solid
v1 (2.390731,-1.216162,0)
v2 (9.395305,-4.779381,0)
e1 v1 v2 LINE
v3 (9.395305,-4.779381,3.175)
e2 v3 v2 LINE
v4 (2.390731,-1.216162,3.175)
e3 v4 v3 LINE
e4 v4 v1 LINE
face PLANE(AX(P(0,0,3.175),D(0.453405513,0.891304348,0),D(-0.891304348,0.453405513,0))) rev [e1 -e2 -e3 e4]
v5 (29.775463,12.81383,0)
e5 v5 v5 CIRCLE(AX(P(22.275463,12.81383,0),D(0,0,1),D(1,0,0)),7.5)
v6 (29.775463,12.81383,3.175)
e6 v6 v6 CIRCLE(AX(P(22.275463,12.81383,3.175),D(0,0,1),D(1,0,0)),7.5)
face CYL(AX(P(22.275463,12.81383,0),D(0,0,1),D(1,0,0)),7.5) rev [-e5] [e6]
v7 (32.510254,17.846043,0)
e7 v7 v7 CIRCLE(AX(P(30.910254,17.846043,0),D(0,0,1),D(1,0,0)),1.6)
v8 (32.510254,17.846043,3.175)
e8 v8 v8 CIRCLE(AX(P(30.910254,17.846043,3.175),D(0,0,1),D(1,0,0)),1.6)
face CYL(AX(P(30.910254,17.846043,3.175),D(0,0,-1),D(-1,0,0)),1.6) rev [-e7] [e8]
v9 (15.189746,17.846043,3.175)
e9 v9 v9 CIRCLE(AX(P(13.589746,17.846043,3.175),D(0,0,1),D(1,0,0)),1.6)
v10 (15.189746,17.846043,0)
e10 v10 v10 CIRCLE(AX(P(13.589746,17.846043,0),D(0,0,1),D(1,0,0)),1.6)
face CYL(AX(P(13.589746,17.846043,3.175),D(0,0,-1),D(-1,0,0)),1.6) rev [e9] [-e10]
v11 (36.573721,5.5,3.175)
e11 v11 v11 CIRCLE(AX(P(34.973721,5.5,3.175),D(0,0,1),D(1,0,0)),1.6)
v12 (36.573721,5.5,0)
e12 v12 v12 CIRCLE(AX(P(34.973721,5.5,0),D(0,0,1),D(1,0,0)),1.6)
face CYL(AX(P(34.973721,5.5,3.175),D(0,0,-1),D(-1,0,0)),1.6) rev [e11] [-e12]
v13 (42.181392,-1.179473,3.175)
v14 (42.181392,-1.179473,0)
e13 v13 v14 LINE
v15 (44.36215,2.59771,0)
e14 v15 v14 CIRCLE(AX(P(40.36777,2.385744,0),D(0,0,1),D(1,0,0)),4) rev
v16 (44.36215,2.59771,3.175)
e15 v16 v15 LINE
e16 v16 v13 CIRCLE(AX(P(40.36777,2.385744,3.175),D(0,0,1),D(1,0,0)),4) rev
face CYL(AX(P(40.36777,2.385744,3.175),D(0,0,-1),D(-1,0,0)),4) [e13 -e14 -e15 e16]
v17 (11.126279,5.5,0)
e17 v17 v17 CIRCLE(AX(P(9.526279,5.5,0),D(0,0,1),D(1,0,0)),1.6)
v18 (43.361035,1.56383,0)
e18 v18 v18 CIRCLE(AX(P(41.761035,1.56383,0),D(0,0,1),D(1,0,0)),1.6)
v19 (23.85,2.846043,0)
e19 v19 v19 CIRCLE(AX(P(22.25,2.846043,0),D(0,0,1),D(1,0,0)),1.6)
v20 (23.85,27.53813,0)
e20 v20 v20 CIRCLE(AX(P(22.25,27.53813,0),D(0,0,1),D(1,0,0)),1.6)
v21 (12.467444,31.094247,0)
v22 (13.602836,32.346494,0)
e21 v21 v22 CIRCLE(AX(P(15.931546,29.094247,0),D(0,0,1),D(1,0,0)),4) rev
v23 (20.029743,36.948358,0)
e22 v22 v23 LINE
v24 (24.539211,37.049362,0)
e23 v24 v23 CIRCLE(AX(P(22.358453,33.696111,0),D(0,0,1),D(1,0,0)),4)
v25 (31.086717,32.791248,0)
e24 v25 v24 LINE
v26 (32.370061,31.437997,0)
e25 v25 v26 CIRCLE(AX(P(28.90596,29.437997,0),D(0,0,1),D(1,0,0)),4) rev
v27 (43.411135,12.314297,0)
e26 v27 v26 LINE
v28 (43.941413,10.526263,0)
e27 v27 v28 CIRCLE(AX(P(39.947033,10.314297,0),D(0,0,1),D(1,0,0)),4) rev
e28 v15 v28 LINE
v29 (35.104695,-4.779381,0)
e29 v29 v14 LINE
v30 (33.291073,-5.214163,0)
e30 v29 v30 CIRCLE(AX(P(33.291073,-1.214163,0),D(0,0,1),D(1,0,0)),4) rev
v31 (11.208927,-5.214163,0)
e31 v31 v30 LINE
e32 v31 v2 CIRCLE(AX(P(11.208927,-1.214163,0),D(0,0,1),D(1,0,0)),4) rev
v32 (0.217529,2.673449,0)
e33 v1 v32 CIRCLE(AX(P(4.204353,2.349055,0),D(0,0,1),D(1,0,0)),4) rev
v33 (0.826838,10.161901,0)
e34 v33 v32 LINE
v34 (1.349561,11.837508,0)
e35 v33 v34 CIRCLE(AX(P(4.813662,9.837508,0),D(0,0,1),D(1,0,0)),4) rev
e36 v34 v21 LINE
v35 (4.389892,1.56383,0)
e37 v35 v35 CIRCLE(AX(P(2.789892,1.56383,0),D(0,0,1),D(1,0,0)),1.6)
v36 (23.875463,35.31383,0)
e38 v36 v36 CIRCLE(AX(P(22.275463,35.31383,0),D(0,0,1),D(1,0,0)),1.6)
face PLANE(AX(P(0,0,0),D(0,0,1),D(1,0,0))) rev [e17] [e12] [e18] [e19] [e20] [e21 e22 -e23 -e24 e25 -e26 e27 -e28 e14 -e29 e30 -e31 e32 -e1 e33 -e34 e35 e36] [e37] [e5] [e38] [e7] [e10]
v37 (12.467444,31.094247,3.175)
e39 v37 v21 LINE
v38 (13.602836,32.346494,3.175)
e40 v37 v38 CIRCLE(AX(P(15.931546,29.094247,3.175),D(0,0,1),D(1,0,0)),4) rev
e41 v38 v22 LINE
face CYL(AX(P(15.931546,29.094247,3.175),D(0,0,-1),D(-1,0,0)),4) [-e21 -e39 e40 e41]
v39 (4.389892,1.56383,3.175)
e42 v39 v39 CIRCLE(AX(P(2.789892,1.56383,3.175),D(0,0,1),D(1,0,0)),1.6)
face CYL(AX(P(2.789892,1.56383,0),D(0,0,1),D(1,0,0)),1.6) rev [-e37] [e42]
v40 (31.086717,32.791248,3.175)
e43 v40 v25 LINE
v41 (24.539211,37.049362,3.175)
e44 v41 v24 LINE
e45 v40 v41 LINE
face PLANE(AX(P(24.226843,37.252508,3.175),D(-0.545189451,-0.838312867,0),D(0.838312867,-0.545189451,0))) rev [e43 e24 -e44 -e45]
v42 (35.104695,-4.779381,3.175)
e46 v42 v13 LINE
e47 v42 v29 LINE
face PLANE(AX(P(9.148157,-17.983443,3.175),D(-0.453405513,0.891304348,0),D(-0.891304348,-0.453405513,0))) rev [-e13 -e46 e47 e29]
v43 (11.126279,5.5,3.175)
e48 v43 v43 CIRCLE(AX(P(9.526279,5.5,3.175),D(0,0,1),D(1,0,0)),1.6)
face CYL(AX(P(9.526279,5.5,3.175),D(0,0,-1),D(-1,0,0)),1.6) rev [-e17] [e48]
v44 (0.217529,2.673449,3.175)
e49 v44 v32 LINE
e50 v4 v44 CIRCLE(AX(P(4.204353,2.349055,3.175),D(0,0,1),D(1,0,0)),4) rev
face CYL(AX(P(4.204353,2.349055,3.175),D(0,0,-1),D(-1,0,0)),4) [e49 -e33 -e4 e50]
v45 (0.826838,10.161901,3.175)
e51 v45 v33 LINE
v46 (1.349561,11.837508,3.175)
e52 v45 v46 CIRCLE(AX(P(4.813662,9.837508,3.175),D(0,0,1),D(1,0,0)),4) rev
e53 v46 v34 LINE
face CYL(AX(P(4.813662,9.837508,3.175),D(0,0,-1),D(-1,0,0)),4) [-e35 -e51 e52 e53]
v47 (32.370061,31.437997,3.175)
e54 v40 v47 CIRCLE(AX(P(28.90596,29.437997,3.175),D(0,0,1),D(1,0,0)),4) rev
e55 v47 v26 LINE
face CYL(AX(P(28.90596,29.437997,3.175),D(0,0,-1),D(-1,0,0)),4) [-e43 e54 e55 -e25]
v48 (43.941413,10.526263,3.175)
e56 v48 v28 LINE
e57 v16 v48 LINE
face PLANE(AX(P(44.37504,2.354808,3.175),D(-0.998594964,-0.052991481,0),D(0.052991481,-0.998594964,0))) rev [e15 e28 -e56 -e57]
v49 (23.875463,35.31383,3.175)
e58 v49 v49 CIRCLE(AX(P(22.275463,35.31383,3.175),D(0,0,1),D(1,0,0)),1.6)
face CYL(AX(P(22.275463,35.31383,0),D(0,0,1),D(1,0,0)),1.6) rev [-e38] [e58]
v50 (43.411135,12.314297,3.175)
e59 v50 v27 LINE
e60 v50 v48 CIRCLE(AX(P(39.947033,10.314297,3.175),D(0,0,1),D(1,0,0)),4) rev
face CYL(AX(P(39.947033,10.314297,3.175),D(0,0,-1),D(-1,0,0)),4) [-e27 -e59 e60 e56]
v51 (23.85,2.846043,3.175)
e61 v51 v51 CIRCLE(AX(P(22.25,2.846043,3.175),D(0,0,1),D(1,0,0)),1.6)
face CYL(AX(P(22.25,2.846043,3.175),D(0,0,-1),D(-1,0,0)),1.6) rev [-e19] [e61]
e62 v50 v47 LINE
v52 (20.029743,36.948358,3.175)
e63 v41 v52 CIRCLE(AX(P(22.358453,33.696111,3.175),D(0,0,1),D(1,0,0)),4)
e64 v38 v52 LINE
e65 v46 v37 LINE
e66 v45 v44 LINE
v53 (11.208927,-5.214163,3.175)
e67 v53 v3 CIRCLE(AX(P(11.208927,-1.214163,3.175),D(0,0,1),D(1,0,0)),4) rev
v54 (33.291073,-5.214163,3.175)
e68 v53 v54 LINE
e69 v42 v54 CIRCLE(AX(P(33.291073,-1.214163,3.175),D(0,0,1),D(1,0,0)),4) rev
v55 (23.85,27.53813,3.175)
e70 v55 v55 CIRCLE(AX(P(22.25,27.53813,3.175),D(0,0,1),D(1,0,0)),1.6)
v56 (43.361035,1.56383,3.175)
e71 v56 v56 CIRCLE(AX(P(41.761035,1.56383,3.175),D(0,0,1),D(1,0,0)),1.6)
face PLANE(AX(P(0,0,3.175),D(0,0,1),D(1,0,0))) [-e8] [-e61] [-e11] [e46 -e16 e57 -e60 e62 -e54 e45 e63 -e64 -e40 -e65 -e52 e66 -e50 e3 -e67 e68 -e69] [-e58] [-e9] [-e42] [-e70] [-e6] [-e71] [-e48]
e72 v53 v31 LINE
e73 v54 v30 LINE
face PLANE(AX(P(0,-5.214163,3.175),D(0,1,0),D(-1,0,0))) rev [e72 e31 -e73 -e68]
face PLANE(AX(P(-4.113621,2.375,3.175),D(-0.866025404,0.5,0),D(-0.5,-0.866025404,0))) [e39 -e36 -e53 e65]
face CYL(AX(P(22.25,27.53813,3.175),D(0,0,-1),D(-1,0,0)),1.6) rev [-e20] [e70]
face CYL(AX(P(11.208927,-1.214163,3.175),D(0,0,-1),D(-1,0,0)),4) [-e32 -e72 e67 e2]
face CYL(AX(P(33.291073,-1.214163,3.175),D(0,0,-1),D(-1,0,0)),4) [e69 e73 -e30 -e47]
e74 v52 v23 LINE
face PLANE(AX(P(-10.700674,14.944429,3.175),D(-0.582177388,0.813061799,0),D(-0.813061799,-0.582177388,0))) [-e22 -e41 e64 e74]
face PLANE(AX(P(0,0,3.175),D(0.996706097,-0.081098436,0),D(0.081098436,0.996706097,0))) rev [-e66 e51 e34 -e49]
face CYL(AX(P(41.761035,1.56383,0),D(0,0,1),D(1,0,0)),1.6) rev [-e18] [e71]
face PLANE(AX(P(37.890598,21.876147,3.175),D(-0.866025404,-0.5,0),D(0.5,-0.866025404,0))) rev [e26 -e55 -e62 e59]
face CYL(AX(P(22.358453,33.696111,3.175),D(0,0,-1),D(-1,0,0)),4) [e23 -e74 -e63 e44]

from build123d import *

# Parameters (mm, degrees)
SKETCH1_R           = 1.6
BOSS_EXTRUDE1_DEPTH = 3.175
SKETCH2_R           = 1.6
SKETCH2_R_2         = 7.5
CUT_EXTRUDE1_DEPTH  = 4.175
BOSS_EXTRUDE3_DEPTH = 3.175


with BuildPart() as part:
    # Sketch1 → Boss-Extrude1 (new body)
    with BuildSketch(Plane.XY):
        with BuildLine():
            Line((31.086717458, 32.79124845), (24.539210672, 37.049362302))
            ThreePointArc((24.539210672, 37.049362302), (22.268882249, 37.695107847), (20.029743315, 36.948358029))
            Line((20.029743315, 36.948358029), (13.602836128, 32.346493758))
            ThreePointArc((13.602836128, 32.346493758), (12.968237383, 31.781029757), (12.467444066, 31.094246563))
            Line((12.467444066, 31.094246563), (1.349560594, 11.837507517))
            ThreePointArc((1.349560594, 11.837507517), (0.995156132, 11.028730142), (0.826837821, 10.16190126))
            Line((0.826837821, 10.16190126), (0.217529035, 2.673448792))
            ThreePointArc((0.217529035, 2.673448792), (0.712425098, 0.398045931), (2.390731369, -1.216162343))
            Line((2.390731369, -1.216162343), (9.39530455, -4.779380795))
            ThreePointArc((9.39530455, -4.779380795), (10.276421795, -5.10394936), (11.208926603, -5.214163404))
            Line((11.208926603, -5.214163404), (33.291073397, -5.214163404))
            ThreePointArc((33.291073397, -5.214163404), (34.223578205, -5.10394936), (35.10469545, -4.779380795))
            Line((35.10469545, -4.779380795), (42.181392008, -1.179473262))
            ThreePointArc((42.181392008, -1.179473262), (43.83187157, 0.385744129), (44.362149812, 2.597710054))
            Line((44.362149812, 2.597710054), (43.941412908, 10.526262814))
            ThreePointArc((43.941412908, 10.526262814), (43.781938908, 11.451617014), (43.411134666, 12.314296889))
            Line((43.411134666, 12.314296889), (32.370061269, 31.437996983))
            ThreePointArc((32.370061269, 31.437996983), (31.808360702, 32.190462814), (31.086717458, 32.79124845))
        make_face()
        with Locations((13.589745962, 17.846043489)):
            Circle(SKETCH1_R, mode=Mode.SUBTRACT)
        with Locations((9.526279442, 5.5)):
            Circle(SKETCH1_R, mode=Mode.SUBTRACT)
        with Locations((34.973720558, 5.5)):
            Circle(SKETCH1_R, mode=Mode.SUBTRACT)
        with Locations((30.910254038, 17.846043489)):
            Circle(SKETCH1_R, mode=Mode.SUBTRACT)
        with Locations((22.25, 27.538130468)):
            Circle(SKETCH1_R, mode=Mode.SUBTRACT)
        with Locations((22.25, 2.846043489)):
            Circle(SKETCH1_R, mode=Mode.SUBTRACT)
        with BuildLine():
            Line((42.370834875, 9.312177826), (35.370834875, -2.812177826))
            ThreePointArc((35.370834875, -2.812177826), (34.687822174, -2.995190528), (34.504809472, -2.312177826))
            Line((34.504809472, -2.312177826), (41.504809472, 9.812177826))
            ThreePointArc((41.504809472, 9.812177826), (42.187822174, 9.995190528), (42.370834875, 9.312177826))
        make_face(mode=Mode.SUBTRACT)
        with BuildLine():
            Line((10.01754221, -2.349929674), (3.01754221, 9.774425979))
            ThreePointArc((3.01754221, 9.774425979), (2.334529508, 9.957438681), (2.151516806, 9.274425979))
            Line((2.151516806, 9.274425979), (9.151516806, -2.849929674))
            ThreePointArc((9.151516806, -2.849929674), (9.834529508, -3.032942376), (10.01754221, -2.349929674))
        make_face(mode=Mode.SUBTRACT)
        with BuildLine():
            Line((15.358452868, 31.038130468), (29.358452868, 31.038130468))
            ThreePointArc((29.358452868, 31.038130468), (29.858452868, 31.538130468), (29.358452868, 32.038130468))
            Line((29.358452868, 32.038130468), (15.358452868, 32.038130468))
            ThreePointArc((15.358452868, 32.038130468), (14.858452868, 31.538130468), (15.358452868, 31.038130468))
        make_face(mode=Mode.SUBTRACT)
    extrude(amount=BOSS_EXTRUDE1_DEPTH)

    # Sketch2 → Cut-Extrude1 (cut, through all)
    with BuildSketch(Plane.XY.offset(3.175)):
        with Locations((41.761034996, 1.563830145)):
            Circle(SKETCH2_R)
        with Locations((2.789891826, 1.563830145)):
            Circle(SKETCH2_R)
        with Locations((22.275463411, 12.813830145)):
            Circle(SKETCH2_R_2)
        with Locations((22.275463411, 35.313830145)):
            Circle(SKETCH2_R)
    extrude(amount=-CUT_EXTRUDE1_DEPTH, mode=Mode.SUBTRACT)

    # Sketch3 → Boss-Extrude3 (add)
    with BuildSketch(Plane.XY.offset(3.175)):
        with BuildLine():
            Line((42.370834875, 9.312177826), (35.370834875, -2.812177826))
            ThreePointArc((35.370834875, -2.812177826), (34.687822174, -2.995190528), (34.504809472, -2.312177826))
            Line((34.504809472, -2.312177826), (41.504809472, 9.812177826))
            ThreePointArc((41.504809472, 9.812177826), (42.187822174, 9.995190528), (42.370834875, 9.312177826))
        make_face()
        with BuildLine():
            Line((10.01754221, -2.349929674), (3.01754221, 9.774425979))
            ThreePointArc((3.01754221, 9.774425979), (2.334529508, 9.957438681), (2.151516806, 9.274425979))
            Line((2.151516806, 9.274425979), (9.151516806, -2.849929674))
            ThreePointArc((9.151516806, -2.849929674), (9.834529508, -3.032942376), (10.01754221, -2.349929674))
        make_face()
        with BuildLine():
            Line((15.358452868, 31.038130468), (29.358452868, 31.038130468))
            ThreePointArc((29.358452868, 31.038130468), (29.858452868, 31.538130468), (29.358452868, 32.038130468))
            Line((29.358452868, 32.038130468), (15.358452868, 32.038130468))
            ThreePointArc((15.358452868, 32.038130468), (14.858452868, 31.538130468), (15.358452868, 31.038130468))
        make_face()
    extrude(amount=-BOSS_EXTRUDE3_DEPTH)


solid = part.part
